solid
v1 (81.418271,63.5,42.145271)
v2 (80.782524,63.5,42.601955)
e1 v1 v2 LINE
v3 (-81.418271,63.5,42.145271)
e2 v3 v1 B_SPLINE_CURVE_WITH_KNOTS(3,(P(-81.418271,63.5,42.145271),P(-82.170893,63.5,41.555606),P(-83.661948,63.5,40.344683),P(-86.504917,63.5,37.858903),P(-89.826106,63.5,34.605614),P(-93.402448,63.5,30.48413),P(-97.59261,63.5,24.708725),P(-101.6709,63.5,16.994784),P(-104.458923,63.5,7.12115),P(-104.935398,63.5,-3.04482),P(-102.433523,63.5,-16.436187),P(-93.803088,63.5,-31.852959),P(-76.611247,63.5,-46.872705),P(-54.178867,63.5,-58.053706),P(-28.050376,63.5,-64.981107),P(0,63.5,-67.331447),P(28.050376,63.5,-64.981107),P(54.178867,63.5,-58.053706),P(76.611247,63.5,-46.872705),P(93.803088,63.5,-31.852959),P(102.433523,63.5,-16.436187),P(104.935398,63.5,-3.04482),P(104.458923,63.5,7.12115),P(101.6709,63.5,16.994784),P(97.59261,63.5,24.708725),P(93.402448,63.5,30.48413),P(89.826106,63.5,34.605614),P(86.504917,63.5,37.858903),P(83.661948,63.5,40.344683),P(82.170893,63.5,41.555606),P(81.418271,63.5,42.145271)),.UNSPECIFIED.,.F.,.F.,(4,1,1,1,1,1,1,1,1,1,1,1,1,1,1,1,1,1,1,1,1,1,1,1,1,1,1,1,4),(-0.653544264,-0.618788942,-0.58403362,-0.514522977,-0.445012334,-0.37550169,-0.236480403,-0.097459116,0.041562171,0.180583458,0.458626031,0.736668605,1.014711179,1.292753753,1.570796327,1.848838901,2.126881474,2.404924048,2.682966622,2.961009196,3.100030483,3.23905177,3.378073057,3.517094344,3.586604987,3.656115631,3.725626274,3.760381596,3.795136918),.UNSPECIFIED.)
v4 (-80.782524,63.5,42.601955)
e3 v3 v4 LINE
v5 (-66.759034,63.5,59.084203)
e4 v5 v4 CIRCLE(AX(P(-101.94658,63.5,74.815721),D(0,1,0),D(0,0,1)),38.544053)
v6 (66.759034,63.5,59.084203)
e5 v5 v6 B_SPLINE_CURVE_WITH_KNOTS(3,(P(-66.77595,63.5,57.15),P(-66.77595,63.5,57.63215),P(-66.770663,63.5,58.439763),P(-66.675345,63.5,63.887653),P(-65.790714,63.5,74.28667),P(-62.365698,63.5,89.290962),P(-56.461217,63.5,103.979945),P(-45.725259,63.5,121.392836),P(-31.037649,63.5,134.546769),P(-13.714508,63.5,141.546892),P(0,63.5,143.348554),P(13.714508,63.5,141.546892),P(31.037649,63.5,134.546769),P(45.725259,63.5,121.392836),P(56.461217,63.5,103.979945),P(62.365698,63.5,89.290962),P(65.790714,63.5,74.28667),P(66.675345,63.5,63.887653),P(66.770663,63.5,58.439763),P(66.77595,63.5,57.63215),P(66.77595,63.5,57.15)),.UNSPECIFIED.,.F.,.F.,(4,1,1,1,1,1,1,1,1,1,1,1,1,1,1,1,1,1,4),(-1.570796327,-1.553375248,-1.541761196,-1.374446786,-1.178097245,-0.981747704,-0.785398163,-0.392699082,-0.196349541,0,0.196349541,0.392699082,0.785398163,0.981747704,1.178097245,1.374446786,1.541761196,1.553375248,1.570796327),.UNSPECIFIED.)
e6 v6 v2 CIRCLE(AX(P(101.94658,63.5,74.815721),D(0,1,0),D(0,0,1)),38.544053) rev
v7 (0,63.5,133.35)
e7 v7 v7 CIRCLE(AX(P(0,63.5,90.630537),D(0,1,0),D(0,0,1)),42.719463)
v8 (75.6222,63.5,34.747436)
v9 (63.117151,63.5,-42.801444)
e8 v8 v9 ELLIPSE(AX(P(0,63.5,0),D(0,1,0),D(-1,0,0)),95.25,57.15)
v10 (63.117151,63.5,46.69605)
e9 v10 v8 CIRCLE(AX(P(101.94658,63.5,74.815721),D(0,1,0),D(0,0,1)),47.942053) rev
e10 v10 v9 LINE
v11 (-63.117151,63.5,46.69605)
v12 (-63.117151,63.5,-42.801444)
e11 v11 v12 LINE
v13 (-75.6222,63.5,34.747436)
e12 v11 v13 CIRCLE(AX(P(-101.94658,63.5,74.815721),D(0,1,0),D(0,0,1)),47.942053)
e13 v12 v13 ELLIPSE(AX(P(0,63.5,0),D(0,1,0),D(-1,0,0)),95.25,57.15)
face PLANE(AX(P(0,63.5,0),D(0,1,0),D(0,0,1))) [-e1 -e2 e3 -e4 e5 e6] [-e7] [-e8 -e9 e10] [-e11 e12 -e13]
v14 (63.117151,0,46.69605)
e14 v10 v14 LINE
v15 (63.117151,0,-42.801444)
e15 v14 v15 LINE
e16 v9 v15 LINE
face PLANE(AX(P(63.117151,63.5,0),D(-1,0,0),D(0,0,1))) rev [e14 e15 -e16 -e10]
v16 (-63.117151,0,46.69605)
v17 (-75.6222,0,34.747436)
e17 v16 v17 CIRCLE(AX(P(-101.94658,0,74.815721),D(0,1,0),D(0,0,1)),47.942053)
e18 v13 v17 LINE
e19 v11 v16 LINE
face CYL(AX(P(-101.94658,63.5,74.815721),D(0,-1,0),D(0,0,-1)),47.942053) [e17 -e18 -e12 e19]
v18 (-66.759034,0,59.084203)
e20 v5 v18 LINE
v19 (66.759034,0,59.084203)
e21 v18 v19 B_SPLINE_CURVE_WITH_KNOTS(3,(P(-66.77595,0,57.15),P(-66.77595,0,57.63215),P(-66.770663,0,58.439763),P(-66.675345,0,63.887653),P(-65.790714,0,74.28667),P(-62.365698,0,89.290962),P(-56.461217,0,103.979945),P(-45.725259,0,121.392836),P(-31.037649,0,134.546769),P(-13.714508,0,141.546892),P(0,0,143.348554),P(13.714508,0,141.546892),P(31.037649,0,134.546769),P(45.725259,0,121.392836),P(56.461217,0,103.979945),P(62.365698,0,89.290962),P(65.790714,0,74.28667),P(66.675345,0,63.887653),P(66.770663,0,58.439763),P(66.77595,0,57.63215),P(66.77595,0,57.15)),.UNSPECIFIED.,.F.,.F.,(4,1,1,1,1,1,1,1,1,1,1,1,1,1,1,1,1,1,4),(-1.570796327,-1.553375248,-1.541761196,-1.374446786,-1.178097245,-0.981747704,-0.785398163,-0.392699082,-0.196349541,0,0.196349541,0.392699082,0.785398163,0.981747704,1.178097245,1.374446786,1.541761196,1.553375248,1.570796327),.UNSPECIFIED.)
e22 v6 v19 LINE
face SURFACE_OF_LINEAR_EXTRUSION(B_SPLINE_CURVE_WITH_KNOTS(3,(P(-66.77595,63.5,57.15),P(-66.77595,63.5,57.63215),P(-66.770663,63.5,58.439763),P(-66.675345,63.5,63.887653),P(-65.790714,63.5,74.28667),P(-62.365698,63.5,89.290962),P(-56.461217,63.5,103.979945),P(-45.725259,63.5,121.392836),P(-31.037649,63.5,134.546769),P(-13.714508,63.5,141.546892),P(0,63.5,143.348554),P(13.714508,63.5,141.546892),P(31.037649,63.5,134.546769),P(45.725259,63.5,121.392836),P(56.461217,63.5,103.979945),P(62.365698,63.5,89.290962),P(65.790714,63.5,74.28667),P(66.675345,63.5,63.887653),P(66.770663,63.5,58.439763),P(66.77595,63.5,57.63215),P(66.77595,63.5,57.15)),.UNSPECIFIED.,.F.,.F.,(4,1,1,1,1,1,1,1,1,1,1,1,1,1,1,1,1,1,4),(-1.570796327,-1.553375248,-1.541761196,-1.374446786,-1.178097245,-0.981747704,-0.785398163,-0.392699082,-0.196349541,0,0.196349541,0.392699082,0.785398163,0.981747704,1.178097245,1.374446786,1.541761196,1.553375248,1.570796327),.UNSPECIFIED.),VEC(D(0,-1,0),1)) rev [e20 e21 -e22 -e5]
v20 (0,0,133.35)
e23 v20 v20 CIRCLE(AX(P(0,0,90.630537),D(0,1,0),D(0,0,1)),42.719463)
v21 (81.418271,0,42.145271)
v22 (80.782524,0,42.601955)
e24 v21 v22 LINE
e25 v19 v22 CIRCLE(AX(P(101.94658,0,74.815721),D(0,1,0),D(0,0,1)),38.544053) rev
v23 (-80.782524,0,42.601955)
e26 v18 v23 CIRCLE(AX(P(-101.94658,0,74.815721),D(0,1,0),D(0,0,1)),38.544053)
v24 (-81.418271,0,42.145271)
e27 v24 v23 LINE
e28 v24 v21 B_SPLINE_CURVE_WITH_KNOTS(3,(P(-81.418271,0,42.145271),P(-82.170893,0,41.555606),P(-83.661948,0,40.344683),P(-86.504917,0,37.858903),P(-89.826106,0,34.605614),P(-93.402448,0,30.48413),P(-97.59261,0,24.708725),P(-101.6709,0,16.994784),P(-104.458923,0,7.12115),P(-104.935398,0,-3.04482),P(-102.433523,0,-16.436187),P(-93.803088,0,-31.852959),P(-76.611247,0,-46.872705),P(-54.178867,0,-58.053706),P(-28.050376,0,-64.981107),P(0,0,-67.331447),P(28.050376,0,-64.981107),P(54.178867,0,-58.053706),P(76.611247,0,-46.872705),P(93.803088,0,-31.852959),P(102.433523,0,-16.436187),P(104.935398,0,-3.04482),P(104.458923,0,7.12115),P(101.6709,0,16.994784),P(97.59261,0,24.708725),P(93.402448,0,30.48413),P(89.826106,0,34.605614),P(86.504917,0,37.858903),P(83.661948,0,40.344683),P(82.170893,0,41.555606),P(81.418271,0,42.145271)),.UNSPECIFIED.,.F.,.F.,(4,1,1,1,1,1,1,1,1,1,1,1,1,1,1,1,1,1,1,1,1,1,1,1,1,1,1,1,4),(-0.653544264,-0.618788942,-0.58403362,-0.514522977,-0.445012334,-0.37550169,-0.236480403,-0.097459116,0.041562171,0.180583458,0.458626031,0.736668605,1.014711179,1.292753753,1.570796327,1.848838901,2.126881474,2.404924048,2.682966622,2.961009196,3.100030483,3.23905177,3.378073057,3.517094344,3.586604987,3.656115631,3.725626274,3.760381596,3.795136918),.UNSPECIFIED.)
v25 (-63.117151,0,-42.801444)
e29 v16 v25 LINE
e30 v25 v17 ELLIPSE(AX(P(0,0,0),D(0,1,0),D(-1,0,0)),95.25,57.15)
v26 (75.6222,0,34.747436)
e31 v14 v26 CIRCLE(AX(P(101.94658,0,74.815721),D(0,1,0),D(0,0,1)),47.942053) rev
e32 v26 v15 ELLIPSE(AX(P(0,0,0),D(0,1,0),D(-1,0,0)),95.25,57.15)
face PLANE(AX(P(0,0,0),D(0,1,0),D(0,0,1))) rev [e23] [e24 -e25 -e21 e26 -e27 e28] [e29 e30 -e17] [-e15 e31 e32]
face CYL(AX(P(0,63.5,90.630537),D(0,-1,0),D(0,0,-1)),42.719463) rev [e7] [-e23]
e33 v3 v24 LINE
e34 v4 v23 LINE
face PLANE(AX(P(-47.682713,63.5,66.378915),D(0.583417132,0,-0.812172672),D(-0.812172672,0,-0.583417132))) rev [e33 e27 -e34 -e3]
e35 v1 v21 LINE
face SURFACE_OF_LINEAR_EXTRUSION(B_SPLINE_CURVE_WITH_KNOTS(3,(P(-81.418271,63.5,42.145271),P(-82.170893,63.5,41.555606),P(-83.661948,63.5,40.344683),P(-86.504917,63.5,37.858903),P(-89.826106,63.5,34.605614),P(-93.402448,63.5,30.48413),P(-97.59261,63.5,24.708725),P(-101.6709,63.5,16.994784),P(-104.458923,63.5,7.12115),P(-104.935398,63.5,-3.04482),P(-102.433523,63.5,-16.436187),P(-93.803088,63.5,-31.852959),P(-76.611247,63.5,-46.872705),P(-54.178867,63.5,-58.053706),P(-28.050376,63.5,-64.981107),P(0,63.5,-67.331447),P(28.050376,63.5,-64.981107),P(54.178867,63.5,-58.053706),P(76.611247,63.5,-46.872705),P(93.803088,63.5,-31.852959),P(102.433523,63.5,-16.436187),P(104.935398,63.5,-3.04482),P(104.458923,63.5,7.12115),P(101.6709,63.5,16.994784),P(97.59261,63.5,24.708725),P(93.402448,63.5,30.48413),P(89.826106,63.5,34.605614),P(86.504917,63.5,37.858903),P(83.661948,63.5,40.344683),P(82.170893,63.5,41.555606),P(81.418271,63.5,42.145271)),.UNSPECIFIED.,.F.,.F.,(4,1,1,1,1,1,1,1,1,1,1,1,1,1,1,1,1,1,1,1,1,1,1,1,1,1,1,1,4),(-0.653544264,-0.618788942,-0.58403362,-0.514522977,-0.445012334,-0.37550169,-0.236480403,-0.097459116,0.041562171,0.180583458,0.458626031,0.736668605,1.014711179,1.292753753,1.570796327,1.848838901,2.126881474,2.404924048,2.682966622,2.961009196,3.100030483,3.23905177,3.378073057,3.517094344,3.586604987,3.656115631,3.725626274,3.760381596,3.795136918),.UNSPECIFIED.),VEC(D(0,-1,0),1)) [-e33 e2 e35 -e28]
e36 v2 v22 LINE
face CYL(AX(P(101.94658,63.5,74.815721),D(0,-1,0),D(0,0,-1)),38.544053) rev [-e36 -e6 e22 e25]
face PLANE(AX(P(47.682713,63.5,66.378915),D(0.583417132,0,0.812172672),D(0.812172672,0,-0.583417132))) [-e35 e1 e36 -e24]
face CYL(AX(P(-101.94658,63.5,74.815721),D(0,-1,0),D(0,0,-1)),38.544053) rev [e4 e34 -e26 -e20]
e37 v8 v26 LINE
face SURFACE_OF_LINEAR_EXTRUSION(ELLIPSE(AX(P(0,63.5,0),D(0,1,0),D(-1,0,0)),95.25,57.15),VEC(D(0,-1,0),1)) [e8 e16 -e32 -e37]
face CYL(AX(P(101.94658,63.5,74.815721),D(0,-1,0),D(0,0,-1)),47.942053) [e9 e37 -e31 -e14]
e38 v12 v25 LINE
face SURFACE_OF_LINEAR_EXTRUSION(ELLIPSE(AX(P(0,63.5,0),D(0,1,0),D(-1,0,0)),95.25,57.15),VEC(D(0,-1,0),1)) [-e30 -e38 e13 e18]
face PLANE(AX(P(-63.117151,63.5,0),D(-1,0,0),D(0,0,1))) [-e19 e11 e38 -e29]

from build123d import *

# Parameters (mm, degrees)
SKETCH2_R           = 42.719462629
BOSS_EXTRUDE1_DEPTH = 63.5


with BuildPart() as part:
    # Sketch2 → Boss-Extrude1 (new body)
    with BuildSketch(Plane(origin=(0, 0, 0), x_dir=(1, 0, 0), z_dir=(0, 1, 0))):
        with BuildLine():
            add(Edge.make_bspline(
                [(-81.418271406, -42.145271175), (-82.170892978, -41.555605689), (-83.661947513, -40.34468266), (-86.504917126, -37.858902664), (-89.826106451, -34.605614461), (-93.402448477, -30.484129949), (-97.592609956, -24.708725497), (-101.670899734, -16.994783744), (-104.458923138, -7.121149558), (-104.935398087, 3.044819843), (-102.433523024, 16.436187317), (-93.803088458, 31.852958892), (-76.611247213, 46.872704612), (-54.178867472, 58.053706434), (-28.050376191, 64.98110667), (0, 67.331446665), (28.050376191, 64.98110667), (54.178867472, 58.053706434), (76.611247213, 46.872704612), (93.803088458, 31.852958892), (102.433523024, 16.436187317), (104.935398087, 3.044819843), (104.458923138, -7.121149558), (101.670899734, -16.994783744), (97.592609956, -24.708725497), (93.402448477, -30.484129949), (89.826106451, -34.605614461), (86.504917126, -37.858902664), (83.661947513, -40.34468266), (82.170892978, -41.555605689), (81.418271406, -42.145271175)],
                knots=[-0.653544264, -0.653544264, -0.653544264, -0.653544264, -0.618788942, -0.58403362, -0.514522977, -0.445012334, -0.37550169, -0.236480403, -0.097459116, 0.041562171, 0.180583458, 0.458626031, 0.736668605, 1.014711179, 1.292753753, 1.570796327, 1.848838901, 2.126881474, 2.404924048, 2.682966622, 2.961009196, 3.100030483, 3.23905177, 3.378073057, 3.517094344, 3.586604987, 3.656115631, 3.725626274, 3.760381596, 3.795136918, 3.795136918, 3.795136918, 3.795136918], degree=3))
            Line((-81.418271406, -42.145271175), (-80.782524238, -42.60195459))
            ThreePointArc((-80.782524238, -42.60195459), (-72.590288115, -49.838688832), (-66.759034423, -59.084203181))
            add(Edge.make_bspline(
                [(-66.759034423, -59.084203181), (-66.756215175, -59.24536099), (-66.661656556, -64.048566295), (-65.790713621, -74.286669871), (-62.365697816, -89.290962144), (-56.461216886, -103.979945176), (-45.725258503, -121.392835835), (-31.037649258, -134.546769237), (-13.714508461, -141.546891793), (0, -143.348554103), (13.714508461, -141.546891793), (31.037649258, -134.546769237), (45.725258503, -121.392835835), (56.461216886, -103.979945176), (62.365697816, -89.290962144), (65.790713621, -74.286669871), (66.661656556, -64.048566295), (66.756215175, -59.24536099), (66.759034423, -59.084203181)],
                knots=[-1.547568222, -1.547568222, -1.547568222, -1.547568222, -1.541761196, -1.374446786, -1.178097245, -0.981747704, -0.785398163, -0.392699082, -0.196349541, 0, 0.196349541, 0.392699082, 0.785398163, 0.981747704, 1.178097245, 1.374446786, 1.541761196, 1.547568222, 1.547568222, 1.547568222, 1.547568222], degree=3))
            ThreePointArc((66.759034423, -59.084203181), (72.590288115, -49.838688832), (80.782524238, -42.60195459))
            Line((80.782524238, -42.60195459), (81.418271406, -42.145271175))
        make_face()
        with BuildLine():
            Line((-63.117151263, 42.801443643), (-63.117151263, -46.696050008))
            ThreePointArc((-63.117151263, -46.696050008), (-68.826389344, -40.153156206), (-75.622200408, -34.74743602))
            add(Edge.make_bspline(
                [(-63.117151263, 42.801443643), (-129.572781961, 7.521875813), (-75.622200408, -34.74743602)],
                knots=[5.473145987, 5.473145987, 5.473145987, 6.936729571, 6.936729571, 6.936729571], degree=2, weights=[0.749177169, 0.633315632, 1]))
        make_face(mode=Mode.SUBTRACT)
        with BuildLine():
            add(Edge.make_bspline(
                [(63.117151263, 42.801443643), (85.588412535, 30.872034834), (103.059743747, 11.866002701), (100.457712976, -8.676182438), (89.289299072, -24.039509643), (75.622200408, -34.74743602)],
                knots=[5.473145987, 5.473145987, 5.473145987, 5.473145987, 5.473145987, 5.473145987, 6.936729571, 6.936729571, 6.936729571, 6.936729571, 6.936729571, 6.936729571], degree=5, weights=[1, 1, 0.972678032, 0.989522952, 1, 1]))
            ThreePointArc((75.622200408, -34.74743602), (68.826389344, -40.153156206), (63.117151263, -46.696050008))
            Line((63.117151263, -46.696050008), (63.117151263, 42.801443643))
        make_face(mode=Mode.SUBTRACT)
        with Locations(Location((0, -90.630537371, 0), (0, 0, 270))):
            Circle(SKETCH2_R, mode=Mode.SUBTRACT)
    extrude(amount=BOSS_EXTRUDE1_DEPTH)


solid = part.part
